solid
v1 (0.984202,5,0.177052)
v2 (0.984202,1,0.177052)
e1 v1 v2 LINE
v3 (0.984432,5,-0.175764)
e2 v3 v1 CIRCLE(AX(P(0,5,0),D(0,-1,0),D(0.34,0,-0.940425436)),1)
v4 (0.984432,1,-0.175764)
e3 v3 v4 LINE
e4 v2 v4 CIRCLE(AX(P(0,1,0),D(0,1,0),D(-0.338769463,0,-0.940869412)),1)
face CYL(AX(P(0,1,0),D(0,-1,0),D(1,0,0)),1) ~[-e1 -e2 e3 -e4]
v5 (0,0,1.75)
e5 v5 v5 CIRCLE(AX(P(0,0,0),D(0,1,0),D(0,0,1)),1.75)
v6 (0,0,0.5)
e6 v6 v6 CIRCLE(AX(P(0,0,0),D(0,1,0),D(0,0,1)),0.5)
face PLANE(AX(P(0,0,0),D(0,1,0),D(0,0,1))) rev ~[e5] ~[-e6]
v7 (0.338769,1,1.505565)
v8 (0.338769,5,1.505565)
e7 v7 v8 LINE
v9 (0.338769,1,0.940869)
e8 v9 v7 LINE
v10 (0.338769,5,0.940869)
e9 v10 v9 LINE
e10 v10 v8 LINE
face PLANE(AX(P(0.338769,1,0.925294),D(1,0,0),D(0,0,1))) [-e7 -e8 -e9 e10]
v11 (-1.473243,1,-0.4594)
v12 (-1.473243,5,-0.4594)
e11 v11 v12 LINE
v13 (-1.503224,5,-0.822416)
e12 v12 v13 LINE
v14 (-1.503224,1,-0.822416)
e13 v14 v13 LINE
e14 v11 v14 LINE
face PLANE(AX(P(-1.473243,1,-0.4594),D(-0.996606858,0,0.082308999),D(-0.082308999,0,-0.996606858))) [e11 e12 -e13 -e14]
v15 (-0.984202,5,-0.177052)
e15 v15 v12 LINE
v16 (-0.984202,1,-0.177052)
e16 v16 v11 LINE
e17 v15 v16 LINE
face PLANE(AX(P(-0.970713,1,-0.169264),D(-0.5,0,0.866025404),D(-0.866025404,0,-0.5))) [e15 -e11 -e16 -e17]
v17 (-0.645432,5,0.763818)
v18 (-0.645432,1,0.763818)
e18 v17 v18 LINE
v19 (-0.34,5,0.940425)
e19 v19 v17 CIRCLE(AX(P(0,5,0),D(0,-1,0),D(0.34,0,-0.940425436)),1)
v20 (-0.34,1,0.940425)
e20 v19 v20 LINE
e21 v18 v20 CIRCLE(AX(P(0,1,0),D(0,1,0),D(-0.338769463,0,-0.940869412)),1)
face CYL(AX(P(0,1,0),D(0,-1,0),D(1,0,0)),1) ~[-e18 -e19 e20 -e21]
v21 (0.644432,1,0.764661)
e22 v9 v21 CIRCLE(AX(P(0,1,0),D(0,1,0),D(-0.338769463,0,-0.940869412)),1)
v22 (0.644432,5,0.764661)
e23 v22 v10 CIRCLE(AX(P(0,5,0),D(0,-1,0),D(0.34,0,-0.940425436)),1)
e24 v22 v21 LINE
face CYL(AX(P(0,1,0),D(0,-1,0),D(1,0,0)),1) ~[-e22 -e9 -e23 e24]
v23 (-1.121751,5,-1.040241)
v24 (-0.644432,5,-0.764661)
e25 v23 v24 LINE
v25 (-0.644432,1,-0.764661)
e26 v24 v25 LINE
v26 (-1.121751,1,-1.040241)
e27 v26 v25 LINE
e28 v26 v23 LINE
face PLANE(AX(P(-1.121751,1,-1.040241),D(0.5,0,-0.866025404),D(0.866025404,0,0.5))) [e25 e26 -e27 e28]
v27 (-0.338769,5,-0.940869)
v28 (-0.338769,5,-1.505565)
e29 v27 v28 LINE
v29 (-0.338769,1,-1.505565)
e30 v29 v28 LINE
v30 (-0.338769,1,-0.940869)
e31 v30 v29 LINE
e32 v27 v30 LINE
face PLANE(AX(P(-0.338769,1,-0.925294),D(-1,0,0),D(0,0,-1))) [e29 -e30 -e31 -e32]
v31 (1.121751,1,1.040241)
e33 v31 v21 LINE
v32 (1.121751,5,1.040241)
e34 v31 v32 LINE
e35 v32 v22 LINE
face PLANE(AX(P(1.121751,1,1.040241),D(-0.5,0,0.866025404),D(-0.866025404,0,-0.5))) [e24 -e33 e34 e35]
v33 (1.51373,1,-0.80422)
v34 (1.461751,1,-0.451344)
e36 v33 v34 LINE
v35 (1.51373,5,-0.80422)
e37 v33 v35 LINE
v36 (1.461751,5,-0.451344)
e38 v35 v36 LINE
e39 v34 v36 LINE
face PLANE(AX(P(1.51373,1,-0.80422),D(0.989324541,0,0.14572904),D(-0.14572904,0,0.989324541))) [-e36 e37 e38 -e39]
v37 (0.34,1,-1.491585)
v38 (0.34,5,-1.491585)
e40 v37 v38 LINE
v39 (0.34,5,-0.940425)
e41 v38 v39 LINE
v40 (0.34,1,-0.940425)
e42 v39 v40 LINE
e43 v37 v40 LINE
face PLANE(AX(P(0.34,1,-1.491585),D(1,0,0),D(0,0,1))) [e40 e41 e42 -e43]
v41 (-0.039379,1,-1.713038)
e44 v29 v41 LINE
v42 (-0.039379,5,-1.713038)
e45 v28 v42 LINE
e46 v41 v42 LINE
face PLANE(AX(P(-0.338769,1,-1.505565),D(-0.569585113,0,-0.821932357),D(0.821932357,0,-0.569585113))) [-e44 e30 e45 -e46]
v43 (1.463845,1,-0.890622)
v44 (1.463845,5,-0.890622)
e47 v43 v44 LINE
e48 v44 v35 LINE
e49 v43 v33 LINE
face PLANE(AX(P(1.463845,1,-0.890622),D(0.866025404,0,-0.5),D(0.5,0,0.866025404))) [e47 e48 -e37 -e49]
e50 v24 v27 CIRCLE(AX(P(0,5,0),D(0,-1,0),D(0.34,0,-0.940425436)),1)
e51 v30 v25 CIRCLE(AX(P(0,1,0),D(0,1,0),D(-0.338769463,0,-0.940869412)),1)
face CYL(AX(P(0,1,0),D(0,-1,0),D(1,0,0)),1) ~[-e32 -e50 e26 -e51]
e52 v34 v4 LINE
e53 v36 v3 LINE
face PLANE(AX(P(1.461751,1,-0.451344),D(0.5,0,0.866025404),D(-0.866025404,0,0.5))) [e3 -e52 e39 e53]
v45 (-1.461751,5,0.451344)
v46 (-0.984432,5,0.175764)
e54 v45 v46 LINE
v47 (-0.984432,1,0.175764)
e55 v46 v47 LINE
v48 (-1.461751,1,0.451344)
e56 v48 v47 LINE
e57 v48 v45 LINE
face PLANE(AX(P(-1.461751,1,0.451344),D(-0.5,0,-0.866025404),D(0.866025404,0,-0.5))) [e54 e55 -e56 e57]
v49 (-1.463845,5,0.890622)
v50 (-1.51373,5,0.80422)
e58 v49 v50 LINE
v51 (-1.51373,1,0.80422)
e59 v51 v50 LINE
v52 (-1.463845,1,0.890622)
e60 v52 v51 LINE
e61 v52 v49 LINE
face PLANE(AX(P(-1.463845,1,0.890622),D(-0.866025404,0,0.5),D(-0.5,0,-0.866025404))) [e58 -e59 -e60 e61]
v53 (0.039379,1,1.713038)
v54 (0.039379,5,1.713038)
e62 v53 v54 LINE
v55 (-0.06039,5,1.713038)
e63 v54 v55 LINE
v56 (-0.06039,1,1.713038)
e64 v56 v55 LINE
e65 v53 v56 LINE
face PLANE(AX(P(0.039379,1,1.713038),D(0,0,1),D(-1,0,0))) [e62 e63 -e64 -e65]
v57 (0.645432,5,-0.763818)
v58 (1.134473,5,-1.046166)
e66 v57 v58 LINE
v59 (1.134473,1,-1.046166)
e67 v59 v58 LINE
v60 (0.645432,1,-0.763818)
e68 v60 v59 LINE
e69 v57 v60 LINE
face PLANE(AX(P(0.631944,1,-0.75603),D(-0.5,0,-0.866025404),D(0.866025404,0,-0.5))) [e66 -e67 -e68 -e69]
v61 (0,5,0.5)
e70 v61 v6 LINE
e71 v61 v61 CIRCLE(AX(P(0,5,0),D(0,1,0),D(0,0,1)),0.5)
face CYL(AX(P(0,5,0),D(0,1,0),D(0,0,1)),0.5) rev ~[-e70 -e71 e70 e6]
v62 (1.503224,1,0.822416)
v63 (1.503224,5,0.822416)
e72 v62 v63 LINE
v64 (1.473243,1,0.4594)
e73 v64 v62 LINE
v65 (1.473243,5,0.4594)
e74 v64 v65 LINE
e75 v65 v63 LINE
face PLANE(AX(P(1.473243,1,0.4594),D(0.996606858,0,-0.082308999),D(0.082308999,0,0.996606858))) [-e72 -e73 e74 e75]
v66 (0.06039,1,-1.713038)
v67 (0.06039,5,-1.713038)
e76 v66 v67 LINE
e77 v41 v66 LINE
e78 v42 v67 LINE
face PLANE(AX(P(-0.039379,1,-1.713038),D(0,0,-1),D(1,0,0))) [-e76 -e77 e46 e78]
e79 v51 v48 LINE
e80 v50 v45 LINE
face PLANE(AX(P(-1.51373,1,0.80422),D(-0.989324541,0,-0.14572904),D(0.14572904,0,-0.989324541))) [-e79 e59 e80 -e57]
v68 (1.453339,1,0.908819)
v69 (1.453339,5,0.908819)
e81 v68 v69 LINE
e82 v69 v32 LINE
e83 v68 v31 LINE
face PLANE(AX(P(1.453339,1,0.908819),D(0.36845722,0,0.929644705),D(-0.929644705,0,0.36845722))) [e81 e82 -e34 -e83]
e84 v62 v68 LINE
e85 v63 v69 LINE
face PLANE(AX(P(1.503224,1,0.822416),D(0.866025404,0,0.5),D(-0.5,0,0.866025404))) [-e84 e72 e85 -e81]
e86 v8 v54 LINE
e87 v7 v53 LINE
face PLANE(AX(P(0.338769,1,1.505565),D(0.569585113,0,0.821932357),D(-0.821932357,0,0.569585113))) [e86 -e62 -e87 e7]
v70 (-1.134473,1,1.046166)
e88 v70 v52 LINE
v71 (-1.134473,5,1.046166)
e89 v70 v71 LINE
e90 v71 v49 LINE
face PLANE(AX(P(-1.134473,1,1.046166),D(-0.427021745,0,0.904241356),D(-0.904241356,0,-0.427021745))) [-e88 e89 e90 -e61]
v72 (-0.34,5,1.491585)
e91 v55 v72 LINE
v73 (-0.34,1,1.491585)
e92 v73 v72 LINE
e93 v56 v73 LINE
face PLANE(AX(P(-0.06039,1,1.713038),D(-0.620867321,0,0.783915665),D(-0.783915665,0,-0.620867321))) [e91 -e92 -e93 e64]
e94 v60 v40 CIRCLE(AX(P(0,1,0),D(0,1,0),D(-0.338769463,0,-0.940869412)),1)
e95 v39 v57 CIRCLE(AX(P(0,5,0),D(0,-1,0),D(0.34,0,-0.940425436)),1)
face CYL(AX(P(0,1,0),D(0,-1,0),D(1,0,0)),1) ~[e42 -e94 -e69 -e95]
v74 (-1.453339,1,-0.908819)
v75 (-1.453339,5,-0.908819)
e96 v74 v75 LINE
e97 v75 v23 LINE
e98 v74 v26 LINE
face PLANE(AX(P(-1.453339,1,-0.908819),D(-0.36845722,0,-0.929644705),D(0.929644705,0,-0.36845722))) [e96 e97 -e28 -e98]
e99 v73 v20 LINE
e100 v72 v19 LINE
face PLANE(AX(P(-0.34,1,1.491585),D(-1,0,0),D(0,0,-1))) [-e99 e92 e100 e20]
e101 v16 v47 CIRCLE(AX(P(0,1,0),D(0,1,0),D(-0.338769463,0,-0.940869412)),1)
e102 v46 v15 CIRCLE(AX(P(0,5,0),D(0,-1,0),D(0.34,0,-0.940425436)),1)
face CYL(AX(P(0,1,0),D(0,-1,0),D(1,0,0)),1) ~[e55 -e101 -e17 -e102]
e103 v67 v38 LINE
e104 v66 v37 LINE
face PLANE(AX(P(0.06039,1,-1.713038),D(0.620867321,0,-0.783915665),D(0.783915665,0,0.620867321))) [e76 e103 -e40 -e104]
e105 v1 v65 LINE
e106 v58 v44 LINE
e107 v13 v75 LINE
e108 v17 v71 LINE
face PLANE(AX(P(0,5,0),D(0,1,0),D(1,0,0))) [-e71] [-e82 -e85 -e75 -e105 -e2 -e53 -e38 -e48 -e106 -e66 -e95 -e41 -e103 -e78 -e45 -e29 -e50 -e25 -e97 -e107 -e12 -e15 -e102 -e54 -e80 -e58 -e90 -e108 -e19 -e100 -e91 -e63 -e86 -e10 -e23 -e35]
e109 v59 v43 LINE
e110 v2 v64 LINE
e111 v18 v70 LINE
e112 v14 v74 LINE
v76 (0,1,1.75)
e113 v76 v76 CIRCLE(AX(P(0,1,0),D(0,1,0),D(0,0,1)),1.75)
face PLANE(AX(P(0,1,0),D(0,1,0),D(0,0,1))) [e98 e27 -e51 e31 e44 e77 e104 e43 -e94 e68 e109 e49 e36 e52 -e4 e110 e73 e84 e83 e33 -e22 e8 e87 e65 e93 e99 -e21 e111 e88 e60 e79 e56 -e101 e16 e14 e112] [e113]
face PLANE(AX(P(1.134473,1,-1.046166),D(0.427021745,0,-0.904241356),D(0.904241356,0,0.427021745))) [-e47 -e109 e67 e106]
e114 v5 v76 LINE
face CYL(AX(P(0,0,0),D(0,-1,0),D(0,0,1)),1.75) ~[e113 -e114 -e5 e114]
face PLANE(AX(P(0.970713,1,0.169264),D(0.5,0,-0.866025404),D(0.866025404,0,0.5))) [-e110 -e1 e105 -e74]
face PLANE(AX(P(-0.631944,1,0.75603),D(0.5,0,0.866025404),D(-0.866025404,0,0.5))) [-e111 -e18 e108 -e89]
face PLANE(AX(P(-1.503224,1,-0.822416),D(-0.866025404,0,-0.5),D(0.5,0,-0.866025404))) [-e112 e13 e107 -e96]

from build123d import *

# Parameters (mm, degrees)
SKETCH1_R           = 1.75
BOSS_EXTRUDE1_DEPTH = 1
BOSS_EXTRUDE4_DEPTH = 4
SKETCH2_R           = 1
BOSS_EXTRUDE5_DEPTH = 4
CIRPATTERN1_COUNT   = 6
SKETCH4_R           = 0.5
CUT_EXTRUDE1_DEPTH  = 6.578978401


with BuildPart() as part:
    # Sketch1 → Boss-Extrude1 (new body)
    with BuildSketch(Plane(origin=(0, 0, 0), x_dir=(1, 0, 0), z_dir=(0, 1, 0))):
        with Locations(Location((0, 0, 0), (0, 0, 270))):
            Circle(SKETCH1_R)
    extrude(amount=BOSS_EXTRUDE1_DEPTH)

    # Sketch3 → Boss-Extrude4 (add)
    with BuildSketch(Plane(origin=(0, 1, 0), x_dir=(1, 0, 0), z_dir=(0, 1, 0))):
        Polygon((-0.338769463, 0.925294488), (-0.338769463, 1.505565336), (-0.039378585, 1.713038111), (0.060390246, 1.713038111), (0.34, 1.491585005), (0.34, 0.925294488), align=None)
    boss_extrude4 = extrude(amount=BOSS_EXTRUDE4_DEPTH)

    # Sketch2 → Boss-Extrude5 (add)
    with BuildSketch(Plane(origin=(0, 1, 0), x_dir=(1, 0, 0), z_dir=(0, 1, 0))):
        Circle(SKETCH2_R)
    extrude(amount=BOSS_EXTRUDE5_DEPTH)

    # CirPattern1: Boss-Extrude4 ×6 about axis
    cirpattern1_axis = Axis((0, 0, 0), (0, 1, 0))
    for i in range(1, CIRPATTERN1_COUNT):
        add(boss_extrude4.rotate(cirpattern1_axis, i * 360 / CIRPATTERN1_COUNT))

    # Sketch4 → Cut-Extrude1 (cut, through all)
    with BuildSketch(Plane(origin=(0, 5, 0), x_dir=(1, 0, 0), z_dir=(0, 1, 0))):
        with Locations(Location((0, 0, 0), (0, 0, 270))):
            Circle(SKETCH4_R)
    extrude(amount=-CUT_EXTRUDE1_DEPTH, mode=Mode.SUBTRACT)


solid = part.part
